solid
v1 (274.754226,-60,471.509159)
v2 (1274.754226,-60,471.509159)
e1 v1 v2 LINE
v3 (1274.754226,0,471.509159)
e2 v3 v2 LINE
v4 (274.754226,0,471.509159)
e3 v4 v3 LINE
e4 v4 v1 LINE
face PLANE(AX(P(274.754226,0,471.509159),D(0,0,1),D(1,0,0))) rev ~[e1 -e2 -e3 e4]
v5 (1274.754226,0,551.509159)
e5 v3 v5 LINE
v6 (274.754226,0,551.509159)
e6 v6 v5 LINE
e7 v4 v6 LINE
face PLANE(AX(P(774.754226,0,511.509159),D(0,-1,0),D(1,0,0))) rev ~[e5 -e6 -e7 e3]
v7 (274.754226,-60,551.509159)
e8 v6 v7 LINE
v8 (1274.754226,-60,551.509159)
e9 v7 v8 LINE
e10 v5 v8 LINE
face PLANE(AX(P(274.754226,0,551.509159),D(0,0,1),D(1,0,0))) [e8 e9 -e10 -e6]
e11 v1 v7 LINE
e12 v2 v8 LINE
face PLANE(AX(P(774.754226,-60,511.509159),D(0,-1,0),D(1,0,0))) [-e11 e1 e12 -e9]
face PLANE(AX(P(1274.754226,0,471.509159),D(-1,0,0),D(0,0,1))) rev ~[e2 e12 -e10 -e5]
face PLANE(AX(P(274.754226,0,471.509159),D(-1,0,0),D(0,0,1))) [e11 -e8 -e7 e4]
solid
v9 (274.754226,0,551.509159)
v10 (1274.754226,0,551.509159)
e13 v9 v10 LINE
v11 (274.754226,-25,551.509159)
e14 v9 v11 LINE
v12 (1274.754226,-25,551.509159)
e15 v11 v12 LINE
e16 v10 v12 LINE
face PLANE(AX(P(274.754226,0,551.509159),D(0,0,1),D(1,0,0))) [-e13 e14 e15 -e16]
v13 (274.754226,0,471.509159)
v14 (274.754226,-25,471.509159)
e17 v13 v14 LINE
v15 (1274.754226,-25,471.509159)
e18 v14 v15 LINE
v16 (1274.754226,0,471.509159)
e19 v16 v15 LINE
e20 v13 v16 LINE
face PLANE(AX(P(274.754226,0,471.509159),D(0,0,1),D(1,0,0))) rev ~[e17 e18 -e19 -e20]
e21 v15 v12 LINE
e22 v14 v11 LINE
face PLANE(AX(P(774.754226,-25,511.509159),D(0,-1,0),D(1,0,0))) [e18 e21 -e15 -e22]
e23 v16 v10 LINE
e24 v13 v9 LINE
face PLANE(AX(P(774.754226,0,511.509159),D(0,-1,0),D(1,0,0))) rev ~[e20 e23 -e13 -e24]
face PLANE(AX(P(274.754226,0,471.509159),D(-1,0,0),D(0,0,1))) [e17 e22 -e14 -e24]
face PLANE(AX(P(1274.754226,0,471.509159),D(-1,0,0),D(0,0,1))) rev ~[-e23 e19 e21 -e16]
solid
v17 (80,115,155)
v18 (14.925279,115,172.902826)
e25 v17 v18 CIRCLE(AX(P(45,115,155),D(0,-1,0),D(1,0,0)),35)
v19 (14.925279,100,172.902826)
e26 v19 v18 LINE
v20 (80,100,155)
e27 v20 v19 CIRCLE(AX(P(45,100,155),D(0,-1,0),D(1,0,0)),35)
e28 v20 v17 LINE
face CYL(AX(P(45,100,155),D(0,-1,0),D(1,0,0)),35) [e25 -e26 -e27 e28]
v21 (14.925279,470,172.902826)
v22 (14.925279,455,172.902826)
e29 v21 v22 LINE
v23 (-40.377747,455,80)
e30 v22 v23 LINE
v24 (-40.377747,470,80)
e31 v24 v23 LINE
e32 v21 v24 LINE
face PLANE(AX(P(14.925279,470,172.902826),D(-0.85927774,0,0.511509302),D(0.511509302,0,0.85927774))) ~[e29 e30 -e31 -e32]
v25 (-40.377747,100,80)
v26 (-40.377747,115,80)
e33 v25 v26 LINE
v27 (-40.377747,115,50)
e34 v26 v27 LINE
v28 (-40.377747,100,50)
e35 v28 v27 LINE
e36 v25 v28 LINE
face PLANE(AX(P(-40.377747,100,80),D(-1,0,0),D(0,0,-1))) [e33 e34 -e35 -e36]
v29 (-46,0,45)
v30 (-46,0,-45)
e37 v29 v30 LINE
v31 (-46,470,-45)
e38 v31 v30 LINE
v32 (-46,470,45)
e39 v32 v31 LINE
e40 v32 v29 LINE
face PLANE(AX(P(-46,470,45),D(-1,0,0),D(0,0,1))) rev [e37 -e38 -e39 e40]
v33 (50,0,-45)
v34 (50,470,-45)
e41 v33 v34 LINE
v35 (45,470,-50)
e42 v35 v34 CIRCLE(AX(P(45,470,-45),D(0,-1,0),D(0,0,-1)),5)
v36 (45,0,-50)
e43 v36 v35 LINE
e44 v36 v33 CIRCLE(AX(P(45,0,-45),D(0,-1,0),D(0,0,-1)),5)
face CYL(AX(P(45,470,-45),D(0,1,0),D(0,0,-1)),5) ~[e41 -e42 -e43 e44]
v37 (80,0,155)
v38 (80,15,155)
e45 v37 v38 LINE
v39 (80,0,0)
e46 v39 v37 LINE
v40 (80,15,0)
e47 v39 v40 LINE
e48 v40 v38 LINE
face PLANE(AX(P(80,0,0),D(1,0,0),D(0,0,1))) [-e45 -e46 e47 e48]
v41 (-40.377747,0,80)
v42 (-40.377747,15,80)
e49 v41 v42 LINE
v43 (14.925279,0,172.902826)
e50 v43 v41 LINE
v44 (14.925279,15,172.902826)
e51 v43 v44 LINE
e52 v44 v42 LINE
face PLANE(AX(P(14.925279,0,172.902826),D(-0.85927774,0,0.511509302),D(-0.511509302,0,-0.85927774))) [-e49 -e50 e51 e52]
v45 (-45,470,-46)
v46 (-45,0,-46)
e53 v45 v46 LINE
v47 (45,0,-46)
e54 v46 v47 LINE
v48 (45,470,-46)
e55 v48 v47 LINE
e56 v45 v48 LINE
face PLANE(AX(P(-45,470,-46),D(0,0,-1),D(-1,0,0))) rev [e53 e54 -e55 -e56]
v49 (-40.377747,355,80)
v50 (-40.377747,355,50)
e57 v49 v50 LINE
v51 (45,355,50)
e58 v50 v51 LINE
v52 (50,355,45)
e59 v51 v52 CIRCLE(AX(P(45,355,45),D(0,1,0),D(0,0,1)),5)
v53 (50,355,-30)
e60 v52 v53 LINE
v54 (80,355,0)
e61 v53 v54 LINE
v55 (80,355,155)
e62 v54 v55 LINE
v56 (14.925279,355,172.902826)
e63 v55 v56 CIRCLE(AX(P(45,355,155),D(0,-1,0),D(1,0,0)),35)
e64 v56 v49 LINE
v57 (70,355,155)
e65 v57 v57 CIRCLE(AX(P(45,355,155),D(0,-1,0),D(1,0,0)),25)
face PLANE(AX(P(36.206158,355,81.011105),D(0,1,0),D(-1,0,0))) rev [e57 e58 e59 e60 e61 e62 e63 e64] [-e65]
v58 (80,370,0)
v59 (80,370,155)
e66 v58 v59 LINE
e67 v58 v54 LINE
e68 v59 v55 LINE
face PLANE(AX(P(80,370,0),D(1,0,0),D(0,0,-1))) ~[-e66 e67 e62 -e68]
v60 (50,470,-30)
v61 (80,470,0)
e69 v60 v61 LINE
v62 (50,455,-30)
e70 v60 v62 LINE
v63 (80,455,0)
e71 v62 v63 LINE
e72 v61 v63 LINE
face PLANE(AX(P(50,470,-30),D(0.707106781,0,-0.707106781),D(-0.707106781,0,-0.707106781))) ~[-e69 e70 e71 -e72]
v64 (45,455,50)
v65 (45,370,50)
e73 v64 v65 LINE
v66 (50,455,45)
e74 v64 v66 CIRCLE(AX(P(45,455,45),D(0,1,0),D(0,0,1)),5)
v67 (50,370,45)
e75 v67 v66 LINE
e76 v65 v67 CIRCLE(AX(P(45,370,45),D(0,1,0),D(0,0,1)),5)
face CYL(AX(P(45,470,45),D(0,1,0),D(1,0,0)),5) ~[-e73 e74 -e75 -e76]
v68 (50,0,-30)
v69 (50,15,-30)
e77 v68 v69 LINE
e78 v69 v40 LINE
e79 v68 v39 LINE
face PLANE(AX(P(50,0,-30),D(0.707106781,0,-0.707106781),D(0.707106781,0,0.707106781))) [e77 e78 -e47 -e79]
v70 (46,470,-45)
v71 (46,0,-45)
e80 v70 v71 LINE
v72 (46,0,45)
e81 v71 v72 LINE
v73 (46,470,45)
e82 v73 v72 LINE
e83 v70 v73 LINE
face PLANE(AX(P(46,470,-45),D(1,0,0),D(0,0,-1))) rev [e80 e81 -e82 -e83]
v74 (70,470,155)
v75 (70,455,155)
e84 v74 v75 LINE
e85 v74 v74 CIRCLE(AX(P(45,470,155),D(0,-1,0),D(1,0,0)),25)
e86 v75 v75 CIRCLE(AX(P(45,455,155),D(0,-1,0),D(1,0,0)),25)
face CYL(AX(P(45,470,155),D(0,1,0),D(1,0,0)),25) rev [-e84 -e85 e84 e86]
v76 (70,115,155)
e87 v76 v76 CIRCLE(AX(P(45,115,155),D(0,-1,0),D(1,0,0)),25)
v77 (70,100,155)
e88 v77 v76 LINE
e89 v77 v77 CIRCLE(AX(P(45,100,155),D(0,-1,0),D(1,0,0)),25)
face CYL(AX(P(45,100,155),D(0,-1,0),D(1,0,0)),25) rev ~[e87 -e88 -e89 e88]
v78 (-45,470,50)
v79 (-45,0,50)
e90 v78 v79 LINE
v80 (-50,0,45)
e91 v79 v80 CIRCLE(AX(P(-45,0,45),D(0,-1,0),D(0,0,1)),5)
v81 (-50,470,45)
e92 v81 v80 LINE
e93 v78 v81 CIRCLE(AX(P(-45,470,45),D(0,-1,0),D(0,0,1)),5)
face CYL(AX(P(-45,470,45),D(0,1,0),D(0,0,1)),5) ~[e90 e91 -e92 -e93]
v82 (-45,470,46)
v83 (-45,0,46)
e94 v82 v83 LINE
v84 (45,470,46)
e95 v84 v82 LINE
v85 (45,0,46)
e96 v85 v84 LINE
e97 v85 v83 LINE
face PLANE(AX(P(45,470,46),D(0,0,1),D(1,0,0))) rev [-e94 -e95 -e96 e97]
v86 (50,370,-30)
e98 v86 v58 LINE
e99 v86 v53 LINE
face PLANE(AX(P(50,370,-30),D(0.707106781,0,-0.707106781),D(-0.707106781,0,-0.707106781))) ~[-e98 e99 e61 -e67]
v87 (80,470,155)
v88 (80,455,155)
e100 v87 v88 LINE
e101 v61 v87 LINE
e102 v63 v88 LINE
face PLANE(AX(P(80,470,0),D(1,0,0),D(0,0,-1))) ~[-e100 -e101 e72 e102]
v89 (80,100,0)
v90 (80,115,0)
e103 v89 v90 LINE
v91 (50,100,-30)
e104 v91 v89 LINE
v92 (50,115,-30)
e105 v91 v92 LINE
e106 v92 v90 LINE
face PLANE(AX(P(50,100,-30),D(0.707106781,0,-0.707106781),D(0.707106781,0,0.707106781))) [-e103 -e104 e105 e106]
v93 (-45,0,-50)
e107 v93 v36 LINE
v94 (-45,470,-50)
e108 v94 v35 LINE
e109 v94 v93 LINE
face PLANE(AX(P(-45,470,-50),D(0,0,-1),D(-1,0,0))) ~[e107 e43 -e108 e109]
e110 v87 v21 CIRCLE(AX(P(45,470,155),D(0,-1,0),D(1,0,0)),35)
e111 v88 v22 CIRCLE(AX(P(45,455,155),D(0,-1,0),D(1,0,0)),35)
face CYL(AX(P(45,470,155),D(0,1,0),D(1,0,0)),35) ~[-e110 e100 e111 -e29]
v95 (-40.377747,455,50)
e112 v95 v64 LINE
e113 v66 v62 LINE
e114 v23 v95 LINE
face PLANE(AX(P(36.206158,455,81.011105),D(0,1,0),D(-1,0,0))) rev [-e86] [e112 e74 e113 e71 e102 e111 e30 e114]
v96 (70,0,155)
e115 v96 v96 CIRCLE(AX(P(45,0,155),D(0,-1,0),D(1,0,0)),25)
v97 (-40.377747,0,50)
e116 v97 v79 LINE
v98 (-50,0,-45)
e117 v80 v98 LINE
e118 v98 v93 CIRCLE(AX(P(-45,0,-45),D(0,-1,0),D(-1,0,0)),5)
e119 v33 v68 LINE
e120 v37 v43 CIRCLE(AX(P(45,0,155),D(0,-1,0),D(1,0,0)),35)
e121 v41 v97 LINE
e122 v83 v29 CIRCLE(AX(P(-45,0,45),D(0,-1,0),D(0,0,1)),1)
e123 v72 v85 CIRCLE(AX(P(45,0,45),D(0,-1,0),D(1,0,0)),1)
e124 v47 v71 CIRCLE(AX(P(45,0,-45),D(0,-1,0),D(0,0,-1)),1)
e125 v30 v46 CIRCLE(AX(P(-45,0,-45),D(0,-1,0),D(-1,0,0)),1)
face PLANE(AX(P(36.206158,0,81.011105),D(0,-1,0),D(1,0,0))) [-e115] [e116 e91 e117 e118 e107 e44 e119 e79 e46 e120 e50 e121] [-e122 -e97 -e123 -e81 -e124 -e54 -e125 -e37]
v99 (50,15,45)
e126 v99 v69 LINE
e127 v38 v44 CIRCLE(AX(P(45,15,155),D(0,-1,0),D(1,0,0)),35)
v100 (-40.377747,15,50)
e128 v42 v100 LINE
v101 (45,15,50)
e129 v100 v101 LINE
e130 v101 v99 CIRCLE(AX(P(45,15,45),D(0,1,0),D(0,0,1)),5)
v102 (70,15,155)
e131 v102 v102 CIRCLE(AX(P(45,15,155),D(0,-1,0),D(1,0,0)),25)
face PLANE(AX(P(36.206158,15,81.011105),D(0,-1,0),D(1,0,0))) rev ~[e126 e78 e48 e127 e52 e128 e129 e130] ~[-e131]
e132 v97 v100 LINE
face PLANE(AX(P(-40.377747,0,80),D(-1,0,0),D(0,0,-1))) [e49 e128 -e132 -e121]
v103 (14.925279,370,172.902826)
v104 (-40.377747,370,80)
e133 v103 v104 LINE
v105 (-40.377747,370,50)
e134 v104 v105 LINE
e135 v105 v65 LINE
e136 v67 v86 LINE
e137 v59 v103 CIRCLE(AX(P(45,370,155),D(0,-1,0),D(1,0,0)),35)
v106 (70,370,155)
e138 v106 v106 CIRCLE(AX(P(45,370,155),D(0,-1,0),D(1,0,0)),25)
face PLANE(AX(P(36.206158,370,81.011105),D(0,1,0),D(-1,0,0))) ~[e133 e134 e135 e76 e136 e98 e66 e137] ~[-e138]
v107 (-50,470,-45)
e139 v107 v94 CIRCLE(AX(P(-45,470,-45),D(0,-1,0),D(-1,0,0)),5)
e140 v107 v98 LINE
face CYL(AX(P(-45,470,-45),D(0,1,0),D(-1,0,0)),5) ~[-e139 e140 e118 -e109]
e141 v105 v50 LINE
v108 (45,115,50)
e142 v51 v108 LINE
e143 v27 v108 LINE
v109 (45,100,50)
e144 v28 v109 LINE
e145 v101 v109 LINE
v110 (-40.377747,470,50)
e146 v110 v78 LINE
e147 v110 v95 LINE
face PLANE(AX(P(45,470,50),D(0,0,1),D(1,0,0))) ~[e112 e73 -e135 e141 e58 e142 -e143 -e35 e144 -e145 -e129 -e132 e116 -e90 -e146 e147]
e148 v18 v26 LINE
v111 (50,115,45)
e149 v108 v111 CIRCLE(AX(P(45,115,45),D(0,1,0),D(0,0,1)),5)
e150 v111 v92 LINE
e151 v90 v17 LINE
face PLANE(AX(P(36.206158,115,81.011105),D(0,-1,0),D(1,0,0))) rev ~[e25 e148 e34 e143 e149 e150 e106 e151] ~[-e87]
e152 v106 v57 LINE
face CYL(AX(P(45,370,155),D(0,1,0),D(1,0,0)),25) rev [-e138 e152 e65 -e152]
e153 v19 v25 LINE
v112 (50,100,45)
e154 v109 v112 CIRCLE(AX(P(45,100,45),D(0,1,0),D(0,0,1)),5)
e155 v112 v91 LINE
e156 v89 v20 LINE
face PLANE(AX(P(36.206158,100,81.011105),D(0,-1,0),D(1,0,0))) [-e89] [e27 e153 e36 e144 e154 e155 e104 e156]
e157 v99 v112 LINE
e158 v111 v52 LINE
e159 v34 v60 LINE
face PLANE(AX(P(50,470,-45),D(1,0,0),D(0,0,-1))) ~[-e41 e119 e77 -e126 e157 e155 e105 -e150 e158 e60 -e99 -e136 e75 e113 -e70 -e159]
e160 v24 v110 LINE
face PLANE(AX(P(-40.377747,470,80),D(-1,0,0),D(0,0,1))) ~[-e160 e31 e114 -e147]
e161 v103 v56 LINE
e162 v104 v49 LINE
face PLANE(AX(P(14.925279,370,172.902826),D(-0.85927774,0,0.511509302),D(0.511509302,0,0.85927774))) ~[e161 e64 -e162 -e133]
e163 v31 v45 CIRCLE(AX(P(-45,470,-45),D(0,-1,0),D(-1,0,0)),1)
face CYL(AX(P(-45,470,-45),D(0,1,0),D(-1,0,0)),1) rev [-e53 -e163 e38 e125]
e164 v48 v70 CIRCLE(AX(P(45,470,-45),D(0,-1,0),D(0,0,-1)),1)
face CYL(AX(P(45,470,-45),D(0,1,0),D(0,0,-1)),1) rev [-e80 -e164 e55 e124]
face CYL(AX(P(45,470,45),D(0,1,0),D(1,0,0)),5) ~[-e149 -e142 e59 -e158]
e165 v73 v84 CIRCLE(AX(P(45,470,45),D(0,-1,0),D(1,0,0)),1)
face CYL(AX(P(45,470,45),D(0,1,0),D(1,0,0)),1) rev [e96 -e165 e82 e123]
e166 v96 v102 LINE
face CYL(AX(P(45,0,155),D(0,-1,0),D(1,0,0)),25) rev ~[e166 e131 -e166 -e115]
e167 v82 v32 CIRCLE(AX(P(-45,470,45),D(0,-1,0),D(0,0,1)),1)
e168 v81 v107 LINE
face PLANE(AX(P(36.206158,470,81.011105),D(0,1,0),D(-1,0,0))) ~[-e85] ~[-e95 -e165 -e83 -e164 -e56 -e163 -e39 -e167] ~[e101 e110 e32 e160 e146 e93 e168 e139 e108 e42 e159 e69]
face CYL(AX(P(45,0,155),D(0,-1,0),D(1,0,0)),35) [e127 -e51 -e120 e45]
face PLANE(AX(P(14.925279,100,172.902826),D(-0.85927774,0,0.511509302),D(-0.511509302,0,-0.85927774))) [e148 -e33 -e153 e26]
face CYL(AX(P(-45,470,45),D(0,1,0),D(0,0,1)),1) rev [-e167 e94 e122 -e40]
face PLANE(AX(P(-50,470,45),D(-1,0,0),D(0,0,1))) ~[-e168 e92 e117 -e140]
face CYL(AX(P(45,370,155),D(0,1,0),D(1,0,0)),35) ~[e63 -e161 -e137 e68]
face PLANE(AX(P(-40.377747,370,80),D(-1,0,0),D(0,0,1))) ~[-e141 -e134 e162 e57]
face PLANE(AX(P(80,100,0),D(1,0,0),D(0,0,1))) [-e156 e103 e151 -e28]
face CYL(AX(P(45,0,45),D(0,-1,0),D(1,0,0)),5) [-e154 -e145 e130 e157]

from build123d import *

# Parameters (mm, degrees)
F1_DEPTH = 235
F2_T     = -4
F0_R     = 25
F3_DEPTH = 15
F0_W     = 1000
F0_H     = 80
F6_DEPTH = 60
F7_DEPTH = 25


with BuildPart() as f1:
    # F0 (on Front) → F1 (new body)
    with BuildSketch(Plane.XZ):
        with BuildLine():
            ThreePointArc((50, 45), (48.5355339059, 48.5355339059), (45, 50))
            Line((45, 50), (-40.3777472675, 50))
            Line((-40.3777472675, 50), (-45, 50))
            ThreePointArc((-45, 50), (-48.5355339059, 48.5355339059), (-50, 45))
            Line((-50, 45), (-50, -45))
            ThreePointArc((-50, -45), (-48.5355339059, -48.5355339059), (-45, -50))
            Line((-45, -50), (45, -50))
            ThreePointArc((45, -50), (48.5355339059, -48.5355339059), (50, -45))
            Line((50, -45), (50, -30))
            Line((50, -30), (50, 45))
        make_face()
    extrude(amount=-F1_DEPTH)

    # F2
    f2_openings = [f1.faces().sort_by_distance(p)[0] for p in [
        (0, 0, 0),
        (0, 235, 0),
    ]]
    offset(amount=F2_T, openings=f2_openings)



with BuildPart() as f3:
    # F0 (on Front) → F3 (new body)
    with BuildSketch(Plane.XZ):
        with BuildLine():
            Line((-40.3777472675, 50), (45, 50))
            ThreePointArc((45, 50), (48.5355339059, 48.5355339059), (50, 45))
            Line((50, 45), (50, -30))
            Line((50, -30), (80, 0))
            Line((80, 0), (80, 155))
            ThreePointArc((80, 155), (54.2839853809, 188.7462237213), (14.9252791173, 172.9028255822))
            Line((14.9252791173, 172.9028255822), (-40.3777472675, 80))
            Line((-40.3777472675, 80), (-40.3777472675, 50))
        make_face()
        with Locations((45, 155)):
            Circle(F0_R, mode=Mode.SUBTRACT)
    extrude(amount=-F3_DEPTH)


with BuildPart() as f4_1:
    # F4: copy of F3
    add(f3.part.moved(Location((0, 100, 0))))


with BuildPart() as f1_1:
    add(f1.part)

    add(f3.part)  # F5 merges F3

    add(f4_1.part)  # F5 merges F4_1
    # F5: F1, F3, F4_1 across face
    add(f1.part.mirror(Plane(origin=(0, 235, 0), x_dir=(1, 0, 0), z_dir=(0, 1, 0))))
    add(f3.part.mirror(Plane(origin=(0, 235, 0), x_dir=(1, 0, 0), z_dir=(0, 1, 0))))
    add(f4_1.part.mirror(Plane(origin=(0, 235, 0), x_dir=(1, 0, 0), z_dir=(0, 1, 0))))


with BuildPart() as f6:
    # F0 (on Front) → F6 (new body)
    with BuildSketch(Plane.XZ):
        with Locations((774.7542262077, 511.5091586113)):
            Rectangle(F0_W, F0_H)
    extrude(amount=F6_DEPTH)


with BuildPart() as f7:
    # F0 (on Front) → F7 (new body)
    with BuildSketch(Plane.XZ):
        with Locations((774.7542262077, 511.5091586113)):
            Rectangle(F0_W, F0_H)
    extrude(amount=F7_DEPTH)


solid = Compound([f1_1.part, f6.part, f7.part])
